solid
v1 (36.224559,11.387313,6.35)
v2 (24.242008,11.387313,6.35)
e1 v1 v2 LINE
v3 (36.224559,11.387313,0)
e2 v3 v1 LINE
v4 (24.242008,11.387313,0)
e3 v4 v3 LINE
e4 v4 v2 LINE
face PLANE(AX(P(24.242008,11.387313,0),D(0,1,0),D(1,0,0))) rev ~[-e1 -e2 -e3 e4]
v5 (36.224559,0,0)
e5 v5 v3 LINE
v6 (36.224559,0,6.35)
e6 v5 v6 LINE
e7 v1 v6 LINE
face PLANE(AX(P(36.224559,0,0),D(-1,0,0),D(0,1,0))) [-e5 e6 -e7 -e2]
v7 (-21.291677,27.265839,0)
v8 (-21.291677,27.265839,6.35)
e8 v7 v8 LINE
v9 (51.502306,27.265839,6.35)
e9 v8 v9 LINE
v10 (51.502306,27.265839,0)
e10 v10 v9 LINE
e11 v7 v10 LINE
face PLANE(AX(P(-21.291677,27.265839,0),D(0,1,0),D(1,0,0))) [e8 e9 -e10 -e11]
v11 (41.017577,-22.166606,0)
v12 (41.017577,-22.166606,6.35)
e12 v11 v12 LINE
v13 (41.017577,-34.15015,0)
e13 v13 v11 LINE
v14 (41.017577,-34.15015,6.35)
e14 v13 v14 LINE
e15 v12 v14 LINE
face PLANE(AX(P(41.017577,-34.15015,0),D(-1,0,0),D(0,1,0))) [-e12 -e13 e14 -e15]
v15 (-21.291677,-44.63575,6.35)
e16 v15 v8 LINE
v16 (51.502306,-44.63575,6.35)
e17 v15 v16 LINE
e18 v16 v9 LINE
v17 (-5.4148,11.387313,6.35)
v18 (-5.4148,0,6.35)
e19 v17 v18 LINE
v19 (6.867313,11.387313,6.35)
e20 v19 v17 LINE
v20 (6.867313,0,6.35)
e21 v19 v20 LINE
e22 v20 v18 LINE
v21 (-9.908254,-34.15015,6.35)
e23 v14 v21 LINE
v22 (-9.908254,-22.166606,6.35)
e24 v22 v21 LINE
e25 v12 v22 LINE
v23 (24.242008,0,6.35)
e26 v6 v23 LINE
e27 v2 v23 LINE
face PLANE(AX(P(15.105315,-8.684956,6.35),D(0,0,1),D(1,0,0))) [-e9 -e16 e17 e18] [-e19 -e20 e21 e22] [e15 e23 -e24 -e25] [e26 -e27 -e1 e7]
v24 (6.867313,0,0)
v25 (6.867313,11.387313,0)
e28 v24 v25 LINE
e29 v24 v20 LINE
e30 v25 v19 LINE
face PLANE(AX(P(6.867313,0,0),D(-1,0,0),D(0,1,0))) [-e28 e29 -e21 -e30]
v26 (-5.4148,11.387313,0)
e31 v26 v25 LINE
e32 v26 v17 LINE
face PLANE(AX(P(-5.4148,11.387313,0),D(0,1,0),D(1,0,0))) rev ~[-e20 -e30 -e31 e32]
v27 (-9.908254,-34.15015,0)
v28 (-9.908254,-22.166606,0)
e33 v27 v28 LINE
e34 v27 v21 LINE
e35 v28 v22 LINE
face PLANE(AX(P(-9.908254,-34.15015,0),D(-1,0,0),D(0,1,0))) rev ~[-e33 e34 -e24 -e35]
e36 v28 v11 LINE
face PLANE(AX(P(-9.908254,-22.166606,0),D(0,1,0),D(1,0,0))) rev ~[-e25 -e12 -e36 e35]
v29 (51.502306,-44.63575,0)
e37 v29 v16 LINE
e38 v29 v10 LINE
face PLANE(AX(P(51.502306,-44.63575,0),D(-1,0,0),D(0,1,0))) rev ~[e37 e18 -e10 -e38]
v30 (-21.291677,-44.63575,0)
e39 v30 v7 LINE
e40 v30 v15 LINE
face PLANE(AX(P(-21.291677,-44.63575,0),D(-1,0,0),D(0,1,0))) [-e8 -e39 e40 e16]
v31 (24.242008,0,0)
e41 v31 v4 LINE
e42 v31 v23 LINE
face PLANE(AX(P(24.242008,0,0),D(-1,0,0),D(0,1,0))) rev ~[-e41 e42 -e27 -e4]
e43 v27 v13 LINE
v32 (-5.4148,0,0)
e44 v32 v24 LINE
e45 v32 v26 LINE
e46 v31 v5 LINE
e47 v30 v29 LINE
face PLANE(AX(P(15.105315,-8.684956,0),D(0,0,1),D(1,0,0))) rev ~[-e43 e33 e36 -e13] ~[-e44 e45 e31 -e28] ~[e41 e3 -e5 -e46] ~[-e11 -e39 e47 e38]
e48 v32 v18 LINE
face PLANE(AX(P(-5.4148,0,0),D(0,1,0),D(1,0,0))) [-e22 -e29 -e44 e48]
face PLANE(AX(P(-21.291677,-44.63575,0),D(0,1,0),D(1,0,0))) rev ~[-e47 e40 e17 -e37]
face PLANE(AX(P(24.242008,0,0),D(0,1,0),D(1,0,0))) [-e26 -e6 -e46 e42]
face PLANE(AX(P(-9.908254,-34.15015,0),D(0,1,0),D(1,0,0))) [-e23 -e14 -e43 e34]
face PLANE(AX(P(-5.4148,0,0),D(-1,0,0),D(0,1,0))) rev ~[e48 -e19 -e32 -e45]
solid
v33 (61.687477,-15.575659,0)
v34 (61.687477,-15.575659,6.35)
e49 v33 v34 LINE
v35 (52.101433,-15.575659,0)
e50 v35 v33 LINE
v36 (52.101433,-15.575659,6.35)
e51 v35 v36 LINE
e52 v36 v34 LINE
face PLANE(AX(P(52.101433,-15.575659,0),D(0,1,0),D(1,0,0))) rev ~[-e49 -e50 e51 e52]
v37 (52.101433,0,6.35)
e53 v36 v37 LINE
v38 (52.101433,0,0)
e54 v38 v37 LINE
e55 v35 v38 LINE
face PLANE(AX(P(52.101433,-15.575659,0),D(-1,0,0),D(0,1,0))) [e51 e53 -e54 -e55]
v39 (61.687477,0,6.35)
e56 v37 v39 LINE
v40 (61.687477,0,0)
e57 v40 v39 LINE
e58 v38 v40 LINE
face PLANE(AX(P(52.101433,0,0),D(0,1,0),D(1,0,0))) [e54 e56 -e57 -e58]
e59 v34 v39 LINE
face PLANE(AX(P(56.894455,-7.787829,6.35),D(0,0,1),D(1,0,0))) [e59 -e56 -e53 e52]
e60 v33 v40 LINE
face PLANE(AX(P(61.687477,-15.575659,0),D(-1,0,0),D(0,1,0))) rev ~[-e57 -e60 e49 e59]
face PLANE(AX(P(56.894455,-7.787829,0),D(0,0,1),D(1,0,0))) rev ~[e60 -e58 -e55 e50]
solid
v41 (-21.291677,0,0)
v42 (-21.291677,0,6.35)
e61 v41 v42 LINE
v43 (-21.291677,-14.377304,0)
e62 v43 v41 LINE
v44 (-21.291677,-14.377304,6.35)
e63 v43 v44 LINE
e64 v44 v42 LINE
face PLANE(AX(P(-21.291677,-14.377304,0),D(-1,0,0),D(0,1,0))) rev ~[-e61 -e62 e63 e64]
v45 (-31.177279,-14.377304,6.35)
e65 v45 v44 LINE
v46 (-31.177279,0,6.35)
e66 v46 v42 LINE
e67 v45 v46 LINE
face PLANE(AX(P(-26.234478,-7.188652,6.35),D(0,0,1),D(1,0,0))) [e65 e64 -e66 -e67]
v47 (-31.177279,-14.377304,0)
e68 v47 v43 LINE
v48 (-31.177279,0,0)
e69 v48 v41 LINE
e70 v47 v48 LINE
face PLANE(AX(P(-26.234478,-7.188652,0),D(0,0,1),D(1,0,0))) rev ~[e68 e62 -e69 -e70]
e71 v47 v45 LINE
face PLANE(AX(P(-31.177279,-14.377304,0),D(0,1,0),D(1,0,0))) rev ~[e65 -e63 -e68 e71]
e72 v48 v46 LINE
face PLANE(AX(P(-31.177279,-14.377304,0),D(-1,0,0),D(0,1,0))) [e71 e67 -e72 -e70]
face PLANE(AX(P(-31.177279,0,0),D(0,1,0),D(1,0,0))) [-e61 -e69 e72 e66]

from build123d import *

# Parameters (mm, degrees)
F0_W     = 72.793982923
F0_H     = 71.901589632
F5_DEPTH = 6.35
F1_W     = 9.5860436559
F1_H     = 15.57565853
F2_W     = 9.8856016994
F2_H     = 14.3773043528
F3_W     = 12.282113079
F3_H     = 11.3873127848
F3_W_2   = 11.9825508446
F6_DEPTH = 25.4
F7_DEPTH = 6.35
F8_DEPTH = 25.4
F4_W     = 50.9258313105
F4_H     = 11.9835436344
F9_DEPTH = 25.4


with BuildPart() as f5:
    # F0 (on Top) → F5 (new body)
    with BuildSketch(Plane.XY):
        with Locations((15.1053145528, -8.6849555373)):
            Rectangle(F0_W, F0_H)
    extrude(amount=F5_DEPTH)

    # F3 (on Top) → F6 (cut)
    with BuildSketch(Plane.XY):
        with Locations((0.7262567524, 5.6936563924)):
            Rectangle(F3_W, F3_H)
        with Locations((30.2332835272, 5.6936563924)):
            Rectangle(F3_W_2, F3_H)
    extrude(amount=-F6_DEPTH, mode=Mode.SUBTRACT)

    # F3 (on Top) → F7 (join)
    with BuildSketch(Plane.XY):
        with Locations((30.2332835272, 5.6936563924)):
            Rectangle(F3_W_2, F3_H)
        with Locations((0.7262567524, 5.6936563924)):
            Rectangle(F3_W, F3_H)
    extrude(amount=F7_DEPTH)

    # F3 (on Top) → F8 (cut)
    with BuildSketch(Plane.XY):
        with Locations((30.2332835272, 5.6936563924)):
            Rectangle(F3_W_2, F3_H)
        with Locations((0.7262567524, 5.6936563924)):
            Rectangle(F3_W, F3_H)
    extrude(amount=F8_DEPTH, mode=Mode.SUBTRACT)

    # F4 (on Top) → F9 (cut)
    with BuildSketch(Plane.XY):
        with Locations((15.5546613969, -28.158377856)):
            Rectangle(F4_W, F4_H)
    extrude(amount=F9_DEPTH, mode=Mode.SUBTRACT)


with BuildPart() as f5b:
    # F1 (on Top) → F5, piece 2 (new body)
    with BuildSketch(Plane.XY):
        with Locations((56.8944551051, -7.787829265)):
            Rectangle(F1_W, F1_H)
    extrude(amount=F5_DEPTH)


with BuildPart() as f5c:
    # F2 (on Top) → F5, piece 3 (new body)
    with BuildSketch(Plane.XY):
        with Locations((-26.2344777584, -7.1886521764)):
            Rectangle(F2_W, F2_H)
    extrude(amount=F5_DEPTH)


solid = Compound([f5.part, f5b.part, f5c.part])
